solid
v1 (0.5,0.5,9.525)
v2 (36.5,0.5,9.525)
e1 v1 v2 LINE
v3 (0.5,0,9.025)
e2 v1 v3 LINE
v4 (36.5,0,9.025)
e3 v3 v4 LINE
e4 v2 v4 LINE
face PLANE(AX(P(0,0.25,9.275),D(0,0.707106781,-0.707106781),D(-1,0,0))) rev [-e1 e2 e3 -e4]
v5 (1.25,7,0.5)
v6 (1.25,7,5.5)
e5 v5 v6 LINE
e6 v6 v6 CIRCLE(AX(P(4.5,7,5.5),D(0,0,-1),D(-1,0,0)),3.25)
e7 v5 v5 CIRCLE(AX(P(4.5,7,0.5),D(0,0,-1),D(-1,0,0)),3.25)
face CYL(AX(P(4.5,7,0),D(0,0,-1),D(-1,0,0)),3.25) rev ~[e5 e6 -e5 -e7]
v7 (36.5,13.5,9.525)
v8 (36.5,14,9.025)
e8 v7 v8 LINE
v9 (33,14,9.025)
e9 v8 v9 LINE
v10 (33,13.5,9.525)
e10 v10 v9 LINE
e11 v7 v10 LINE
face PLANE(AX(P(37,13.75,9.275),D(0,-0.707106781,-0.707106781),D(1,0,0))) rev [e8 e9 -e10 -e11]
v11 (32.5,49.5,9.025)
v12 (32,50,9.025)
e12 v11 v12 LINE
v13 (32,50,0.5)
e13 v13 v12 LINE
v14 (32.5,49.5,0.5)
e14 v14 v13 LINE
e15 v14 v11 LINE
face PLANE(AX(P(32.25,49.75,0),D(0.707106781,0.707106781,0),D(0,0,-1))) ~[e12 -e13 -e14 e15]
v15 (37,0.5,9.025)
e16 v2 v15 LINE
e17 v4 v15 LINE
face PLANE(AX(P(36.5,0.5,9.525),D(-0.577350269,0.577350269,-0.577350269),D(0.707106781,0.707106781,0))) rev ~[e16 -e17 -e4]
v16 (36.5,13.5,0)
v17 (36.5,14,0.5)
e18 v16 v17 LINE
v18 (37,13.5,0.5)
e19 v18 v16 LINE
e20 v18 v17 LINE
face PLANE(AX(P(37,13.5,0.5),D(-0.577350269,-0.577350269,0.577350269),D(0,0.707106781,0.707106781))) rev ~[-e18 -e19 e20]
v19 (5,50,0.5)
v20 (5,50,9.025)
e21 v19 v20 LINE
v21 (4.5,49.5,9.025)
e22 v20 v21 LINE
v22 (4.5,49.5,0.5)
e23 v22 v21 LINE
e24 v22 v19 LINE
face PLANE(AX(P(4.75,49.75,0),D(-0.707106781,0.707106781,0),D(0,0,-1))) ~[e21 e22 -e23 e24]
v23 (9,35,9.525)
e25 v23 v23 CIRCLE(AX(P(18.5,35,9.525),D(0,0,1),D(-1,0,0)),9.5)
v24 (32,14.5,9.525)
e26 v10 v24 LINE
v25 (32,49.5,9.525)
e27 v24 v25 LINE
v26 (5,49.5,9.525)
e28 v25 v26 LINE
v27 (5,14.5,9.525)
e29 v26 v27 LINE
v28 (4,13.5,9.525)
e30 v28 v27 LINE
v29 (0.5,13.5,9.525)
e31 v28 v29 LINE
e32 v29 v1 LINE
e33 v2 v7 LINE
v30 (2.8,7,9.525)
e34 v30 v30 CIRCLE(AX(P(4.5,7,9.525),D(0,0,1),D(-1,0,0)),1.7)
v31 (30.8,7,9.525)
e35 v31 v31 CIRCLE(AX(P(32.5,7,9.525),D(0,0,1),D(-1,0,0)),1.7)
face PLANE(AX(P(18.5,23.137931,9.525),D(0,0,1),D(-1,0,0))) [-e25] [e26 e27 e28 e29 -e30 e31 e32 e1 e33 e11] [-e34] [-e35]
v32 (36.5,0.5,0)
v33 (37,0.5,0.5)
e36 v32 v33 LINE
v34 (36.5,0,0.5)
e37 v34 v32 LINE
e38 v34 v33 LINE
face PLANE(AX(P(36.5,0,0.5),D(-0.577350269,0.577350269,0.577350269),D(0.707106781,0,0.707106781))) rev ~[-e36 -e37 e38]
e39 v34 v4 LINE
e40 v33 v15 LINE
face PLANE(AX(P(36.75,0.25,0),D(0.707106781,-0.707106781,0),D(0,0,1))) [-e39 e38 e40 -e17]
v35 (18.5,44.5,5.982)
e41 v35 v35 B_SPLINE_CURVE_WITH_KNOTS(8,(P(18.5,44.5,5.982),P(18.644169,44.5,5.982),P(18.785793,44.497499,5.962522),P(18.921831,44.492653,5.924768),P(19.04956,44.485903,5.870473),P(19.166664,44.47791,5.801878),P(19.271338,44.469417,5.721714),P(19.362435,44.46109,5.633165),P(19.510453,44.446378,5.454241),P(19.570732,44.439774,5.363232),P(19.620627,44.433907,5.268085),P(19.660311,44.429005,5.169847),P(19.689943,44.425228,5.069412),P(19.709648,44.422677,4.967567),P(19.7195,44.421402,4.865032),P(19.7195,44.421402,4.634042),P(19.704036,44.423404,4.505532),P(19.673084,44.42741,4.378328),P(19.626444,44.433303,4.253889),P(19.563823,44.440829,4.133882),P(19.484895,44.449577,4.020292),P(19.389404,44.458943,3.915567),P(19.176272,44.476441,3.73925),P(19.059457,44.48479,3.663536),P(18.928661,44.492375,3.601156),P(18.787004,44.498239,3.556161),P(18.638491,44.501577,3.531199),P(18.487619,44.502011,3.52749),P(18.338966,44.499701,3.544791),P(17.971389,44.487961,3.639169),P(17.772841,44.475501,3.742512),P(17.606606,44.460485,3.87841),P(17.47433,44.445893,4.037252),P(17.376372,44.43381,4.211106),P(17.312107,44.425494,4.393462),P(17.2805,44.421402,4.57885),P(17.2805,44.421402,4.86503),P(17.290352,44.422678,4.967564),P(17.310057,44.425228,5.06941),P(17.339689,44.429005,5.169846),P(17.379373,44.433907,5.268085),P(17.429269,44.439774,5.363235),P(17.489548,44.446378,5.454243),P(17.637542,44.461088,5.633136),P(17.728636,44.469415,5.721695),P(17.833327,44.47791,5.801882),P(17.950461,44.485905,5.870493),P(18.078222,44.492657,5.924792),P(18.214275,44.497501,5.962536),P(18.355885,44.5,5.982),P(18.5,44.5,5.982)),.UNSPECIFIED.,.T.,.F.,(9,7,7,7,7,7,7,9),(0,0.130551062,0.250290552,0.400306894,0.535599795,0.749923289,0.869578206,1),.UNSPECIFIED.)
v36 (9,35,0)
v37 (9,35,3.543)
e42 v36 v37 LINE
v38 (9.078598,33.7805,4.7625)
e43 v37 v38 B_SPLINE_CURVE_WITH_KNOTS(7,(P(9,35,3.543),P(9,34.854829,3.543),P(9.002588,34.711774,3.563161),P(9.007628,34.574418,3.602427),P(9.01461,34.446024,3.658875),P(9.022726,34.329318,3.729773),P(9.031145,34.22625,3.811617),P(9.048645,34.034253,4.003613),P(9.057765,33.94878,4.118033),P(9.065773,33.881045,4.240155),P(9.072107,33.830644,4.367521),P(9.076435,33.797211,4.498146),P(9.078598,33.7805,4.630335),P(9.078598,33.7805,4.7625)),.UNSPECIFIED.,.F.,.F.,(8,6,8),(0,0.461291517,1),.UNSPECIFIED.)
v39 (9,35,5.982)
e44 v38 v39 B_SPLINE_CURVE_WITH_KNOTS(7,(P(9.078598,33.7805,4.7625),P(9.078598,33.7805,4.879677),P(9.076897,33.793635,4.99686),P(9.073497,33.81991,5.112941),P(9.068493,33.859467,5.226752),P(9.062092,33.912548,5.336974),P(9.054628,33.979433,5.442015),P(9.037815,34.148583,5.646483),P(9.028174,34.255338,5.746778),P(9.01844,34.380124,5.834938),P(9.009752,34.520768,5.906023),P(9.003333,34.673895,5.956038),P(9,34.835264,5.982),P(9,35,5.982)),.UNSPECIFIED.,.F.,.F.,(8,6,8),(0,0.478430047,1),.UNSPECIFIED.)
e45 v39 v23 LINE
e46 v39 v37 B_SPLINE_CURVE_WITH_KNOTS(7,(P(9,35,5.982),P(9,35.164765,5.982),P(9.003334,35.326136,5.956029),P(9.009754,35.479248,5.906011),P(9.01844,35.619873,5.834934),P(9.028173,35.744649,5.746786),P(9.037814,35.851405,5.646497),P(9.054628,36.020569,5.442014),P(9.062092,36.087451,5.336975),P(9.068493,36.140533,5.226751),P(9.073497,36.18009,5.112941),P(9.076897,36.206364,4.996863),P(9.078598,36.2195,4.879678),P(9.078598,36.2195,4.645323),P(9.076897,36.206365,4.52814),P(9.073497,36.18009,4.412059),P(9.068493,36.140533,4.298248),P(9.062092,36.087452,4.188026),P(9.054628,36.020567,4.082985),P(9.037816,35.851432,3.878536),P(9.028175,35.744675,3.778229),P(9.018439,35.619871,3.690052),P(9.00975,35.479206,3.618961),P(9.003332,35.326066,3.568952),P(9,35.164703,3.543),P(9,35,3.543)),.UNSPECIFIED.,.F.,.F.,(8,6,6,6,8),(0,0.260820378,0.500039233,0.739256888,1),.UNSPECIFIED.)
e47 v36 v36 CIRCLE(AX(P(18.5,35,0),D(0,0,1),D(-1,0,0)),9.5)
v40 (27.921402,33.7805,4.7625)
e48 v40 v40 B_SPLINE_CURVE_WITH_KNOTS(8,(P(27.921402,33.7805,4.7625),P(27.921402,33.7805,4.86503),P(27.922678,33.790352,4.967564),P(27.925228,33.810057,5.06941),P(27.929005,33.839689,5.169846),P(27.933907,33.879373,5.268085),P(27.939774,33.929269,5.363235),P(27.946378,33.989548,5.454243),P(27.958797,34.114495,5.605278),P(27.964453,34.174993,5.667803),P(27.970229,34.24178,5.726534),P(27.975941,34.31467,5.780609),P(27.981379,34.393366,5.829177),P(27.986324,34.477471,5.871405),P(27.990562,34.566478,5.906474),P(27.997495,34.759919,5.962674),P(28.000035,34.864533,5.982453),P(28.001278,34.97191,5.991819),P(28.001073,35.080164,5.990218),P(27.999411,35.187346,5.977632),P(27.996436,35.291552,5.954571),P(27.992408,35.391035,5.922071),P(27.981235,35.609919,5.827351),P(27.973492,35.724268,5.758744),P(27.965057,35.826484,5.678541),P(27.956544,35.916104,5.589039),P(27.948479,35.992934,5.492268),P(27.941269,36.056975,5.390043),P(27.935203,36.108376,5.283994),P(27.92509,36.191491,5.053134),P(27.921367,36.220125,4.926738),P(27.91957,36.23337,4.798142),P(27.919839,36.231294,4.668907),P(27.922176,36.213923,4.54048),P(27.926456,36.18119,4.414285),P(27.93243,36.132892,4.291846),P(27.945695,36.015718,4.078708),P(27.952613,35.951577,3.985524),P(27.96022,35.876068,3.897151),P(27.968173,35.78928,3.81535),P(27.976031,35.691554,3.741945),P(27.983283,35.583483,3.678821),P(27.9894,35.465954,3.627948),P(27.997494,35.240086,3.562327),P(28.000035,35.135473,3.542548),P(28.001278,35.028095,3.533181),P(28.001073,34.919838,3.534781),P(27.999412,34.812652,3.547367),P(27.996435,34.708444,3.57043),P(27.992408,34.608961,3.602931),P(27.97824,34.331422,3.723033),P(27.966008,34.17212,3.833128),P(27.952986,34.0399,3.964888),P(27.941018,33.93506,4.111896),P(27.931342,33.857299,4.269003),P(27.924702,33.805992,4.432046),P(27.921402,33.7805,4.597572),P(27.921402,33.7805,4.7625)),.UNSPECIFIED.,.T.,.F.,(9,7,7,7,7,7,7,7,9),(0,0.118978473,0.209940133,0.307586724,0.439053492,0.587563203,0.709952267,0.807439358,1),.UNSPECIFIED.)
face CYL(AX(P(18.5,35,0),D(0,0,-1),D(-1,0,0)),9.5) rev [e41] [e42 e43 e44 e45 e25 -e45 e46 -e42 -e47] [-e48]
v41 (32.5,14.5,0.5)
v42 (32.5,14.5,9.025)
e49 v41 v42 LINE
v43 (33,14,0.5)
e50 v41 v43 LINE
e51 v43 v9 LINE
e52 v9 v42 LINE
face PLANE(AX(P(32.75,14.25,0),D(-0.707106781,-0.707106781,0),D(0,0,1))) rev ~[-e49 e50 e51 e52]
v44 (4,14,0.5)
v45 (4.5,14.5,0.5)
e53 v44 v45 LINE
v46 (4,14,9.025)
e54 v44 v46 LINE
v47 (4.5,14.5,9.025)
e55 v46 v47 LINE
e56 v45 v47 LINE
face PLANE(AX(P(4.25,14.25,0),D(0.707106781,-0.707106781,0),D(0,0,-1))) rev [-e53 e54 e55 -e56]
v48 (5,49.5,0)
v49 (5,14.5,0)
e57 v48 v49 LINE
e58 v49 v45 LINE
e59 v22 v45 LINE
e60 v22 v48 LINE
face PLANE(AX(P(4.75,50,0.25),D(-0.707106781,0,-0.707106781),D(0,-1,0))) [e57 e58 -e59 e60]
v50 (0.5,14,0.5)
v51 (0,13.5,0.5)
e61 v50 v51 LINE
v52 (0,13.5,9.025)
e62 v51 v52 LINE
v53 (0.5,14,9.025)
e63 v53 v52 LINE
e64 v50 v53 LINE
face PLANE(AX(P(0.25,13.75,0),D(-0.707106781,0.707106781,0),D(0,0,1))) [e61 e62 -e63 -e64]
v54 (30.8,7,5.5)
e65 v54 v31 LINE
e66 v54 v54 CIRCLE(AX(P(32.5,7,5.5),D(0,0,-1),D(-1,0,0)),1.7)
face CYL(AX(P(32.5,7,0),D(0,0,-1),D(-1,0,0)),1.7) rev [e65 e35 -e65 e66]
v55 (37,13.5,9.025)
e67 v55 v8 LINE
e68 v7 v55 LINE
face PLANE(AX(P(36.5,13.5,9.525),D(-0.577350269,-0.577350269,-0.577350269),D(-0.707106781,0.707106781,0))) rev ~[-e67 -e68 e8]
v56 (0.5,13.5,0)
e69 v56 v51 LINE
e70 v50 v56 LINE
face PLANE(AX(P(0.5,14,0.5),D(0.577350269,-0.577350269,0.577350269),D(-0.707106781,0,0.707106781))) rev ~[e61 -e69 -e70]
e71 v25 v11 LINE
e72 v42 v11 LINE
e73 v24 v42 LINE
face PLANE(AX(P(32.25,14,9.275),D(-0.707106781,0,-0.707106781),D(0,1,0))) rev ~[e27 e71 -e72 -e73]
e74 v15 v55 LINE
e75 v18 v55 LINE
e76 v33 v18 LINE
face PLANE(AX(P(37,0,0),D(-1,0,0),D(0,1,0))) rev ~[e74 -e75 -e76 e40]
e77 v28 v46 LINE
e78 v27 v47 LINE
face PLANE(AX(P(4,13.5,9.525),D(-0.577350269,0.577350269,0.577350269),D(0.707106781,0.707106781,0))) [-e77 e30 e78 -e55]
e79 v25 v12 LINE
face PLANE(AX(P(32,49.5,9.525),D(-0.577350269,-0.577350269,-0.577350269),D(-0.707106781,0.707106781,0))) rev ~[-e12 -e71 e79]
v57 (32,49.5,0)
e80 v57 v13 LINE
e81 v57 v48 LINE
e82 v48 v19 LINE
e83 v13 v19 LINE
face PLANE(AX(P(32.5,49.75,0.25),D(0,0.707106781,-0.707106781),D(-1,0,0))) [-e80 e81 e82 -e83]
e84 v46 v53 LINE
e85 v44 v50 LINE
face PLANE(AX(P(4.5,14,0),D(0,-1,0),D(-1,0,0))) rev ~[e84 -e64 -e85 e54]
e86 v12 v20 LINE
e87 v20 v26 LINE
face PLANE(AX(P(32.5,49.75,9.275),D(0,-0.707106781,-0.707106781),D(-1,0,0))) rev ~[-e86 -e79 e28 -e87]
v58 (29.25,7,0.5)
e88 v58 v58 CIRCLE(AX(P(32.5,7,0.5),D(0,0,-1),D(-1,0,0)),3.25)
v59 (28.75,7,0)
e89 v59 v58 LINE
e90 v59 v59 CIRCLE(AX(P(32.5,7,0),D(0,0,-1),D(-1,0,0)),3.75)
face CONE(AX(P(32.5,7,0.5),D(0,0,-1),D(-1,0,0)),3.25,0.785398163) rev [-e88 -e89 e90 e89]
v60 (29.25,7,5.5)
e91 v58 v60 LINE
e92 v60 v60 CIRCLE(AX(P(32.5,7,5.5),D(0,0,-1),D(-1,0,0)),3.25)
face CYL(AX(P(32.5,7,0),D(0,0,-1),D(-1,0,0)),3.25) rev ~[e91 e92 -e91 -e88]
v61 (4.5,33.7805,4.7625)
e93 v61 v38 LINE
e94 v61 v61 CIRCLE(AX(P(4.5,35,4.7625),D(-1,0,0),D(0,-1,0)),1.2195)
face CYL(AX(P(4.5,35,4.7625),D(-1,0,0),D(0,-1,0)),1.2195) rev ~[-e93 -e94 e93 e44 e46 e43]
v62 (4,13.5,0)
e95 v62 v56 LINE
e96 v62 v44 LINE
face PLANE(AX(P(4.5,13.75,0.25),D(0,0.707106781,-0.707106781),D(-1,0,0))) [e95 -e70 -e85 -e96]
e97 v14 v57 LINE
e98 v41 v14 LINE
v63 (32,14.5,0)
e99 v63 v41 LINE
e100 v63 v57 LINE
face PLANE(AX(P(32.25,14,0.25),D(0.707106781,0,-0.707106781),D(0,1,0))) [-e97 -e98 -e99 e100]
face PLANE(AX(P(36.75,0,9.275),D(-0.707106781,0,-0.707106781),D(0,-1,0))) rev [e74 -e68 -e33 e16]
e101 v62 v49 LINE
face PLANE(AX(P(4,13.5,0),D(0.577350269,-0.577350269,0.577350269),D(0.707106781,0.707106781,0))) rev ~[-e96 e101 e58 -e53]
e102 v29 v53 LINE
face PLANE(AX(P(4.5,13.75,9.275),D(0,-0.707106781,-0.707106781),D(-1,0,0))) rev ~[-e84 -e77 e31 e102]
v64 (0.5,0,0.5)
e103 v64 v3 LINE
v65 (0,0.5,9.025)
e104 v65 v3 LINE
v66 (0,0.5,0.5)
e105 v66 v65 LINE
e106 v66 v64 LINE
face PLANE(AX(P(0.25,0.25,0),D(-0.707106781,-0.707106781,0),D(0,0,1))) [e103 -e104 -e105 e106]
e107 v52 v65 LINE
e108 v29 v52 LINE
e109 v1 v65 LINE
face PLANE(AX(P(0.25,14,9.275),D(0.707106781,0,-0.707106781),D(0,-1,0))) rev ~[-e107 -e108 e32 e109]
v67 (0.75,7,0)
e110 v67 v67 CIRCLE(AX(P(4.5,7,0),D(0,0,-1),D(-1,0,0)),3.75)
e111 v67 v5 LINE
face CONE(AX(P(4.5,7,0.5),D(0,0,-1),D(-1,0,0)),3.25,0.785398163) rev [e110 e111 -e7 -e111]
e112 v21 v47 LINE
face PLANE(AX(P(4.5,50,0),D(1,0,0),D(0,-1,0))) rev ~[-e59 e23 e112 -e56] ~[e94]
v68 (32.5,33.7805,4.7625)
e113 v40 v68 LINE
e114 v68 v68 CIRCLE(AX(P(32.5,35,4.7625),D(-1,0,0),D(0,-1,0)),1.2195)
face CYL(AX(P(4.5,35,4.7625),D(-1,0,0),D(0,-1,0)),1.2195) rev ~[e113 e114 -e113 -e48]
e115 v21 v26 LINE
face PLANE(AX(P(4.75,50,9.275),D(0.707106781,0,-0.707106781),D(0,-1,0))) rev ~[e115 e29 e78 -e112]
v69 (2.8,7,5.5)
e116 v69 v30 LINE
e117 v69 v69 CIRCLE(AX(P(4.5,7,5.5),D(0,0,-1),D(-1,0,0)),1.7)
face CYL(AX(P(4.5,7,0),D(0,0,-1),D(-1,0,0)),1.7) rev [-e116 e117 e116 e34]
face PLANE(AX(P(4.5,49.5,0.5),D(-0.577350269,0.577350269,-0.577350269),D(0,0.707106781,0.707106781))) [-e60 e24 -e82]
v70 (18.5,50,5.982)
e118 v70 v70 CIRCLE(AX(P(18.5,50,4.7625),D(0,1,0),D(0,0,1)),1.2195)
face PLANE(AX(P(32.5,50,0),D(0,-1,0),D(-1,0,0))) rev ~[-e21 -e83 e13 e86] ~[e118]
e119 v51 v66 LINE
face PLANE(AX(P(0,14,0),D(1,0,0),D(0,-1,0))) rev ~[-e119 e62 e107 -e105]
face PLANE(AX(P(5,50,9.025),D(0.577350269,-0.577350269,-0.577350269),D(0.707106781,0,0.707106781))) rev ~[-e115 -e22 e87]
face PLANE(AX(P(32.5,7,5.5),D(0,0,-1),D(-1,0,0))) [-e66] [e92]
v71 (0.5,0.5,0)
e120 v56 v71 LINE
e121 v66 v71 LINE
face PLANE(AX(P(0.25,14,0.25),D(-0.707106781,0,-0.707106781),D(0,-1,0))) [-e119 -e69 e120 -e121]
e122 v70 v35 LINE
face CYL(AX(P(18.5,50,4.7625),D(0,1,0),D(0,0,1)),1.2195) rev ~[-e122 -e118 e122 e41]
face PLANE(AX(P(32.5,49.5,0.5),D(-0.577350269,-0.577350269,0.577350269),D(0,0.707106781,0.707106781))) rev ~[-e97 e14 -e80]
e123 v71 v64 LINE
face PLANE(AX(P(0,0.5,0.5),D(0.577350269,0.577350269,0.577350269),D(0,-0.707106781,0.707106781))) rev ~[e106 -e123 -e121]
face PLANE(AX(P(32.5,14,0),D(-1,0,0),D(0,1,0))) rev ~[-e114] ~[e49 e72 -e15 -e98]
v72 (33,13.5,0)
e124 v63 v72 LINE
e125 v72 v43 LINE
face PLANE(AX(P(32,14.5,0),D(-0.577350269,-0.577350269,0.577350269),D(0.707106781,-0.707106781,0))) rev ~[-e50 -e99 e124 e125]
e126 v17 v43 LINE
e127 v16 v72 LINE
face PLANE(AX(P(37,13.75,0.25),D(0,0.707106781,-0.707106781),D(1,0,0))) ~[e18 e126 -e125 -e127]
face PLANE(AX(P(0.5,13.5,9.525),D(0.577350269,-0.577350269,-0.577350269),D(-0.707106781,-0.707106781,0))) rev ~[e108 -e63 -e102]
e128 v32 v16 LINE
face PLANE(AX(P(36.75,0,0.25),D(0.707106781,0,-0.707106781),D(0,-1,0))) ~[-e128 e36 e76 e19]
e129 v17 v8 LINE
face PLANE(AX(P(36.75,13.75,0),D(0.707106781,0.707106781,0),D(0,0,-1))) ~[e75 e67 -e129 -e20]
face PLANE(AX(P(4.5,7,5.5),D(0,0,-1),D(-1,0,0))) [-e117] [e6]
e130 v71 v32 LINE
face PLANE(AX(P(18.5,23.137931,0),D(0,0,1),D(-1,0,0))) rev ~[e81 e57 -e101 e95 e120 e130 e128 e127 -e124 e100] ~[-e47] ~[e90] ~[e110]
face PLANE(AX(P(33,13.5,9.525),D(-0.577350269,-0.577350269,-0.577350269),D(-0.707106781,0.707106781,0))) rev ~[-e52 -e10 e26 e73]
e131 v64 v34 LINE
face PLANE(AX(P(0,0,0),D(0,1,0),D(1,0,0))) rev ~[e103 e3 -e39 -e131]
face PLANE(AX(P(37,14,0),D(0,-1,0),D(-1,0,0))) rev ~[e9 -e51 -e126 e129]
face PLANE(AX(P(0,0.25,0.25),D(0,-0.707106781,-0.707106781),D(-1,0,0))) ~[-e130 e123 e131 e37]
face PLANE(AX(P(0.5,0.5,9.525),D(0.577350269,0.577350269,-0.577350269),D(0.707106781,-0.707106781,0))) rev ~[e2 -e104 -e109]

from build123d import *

# Parameters (mm, degrees)
SKETCH1_R               = 9.5
SKETCH1_R_2             = 1.7
BOSS_EXTRUDE1_DEPTH     = 9.525
SKETCH2_R               = 3.25
CUT_EXTRUDE1_DEPTH      = 5.5
SKETCH3_R               = 1.2195
CUT_EXTRUDE2_DEPTH      = 61.390194775
CUT_EXTRUDE3_REACH      = 64.926
CUT_EXTRUDE3_END_RADIUS = 9.5
SKETCH4_R               = 1.2195
CHAMFER1_SIZE           = 0.5


with BuildPart() as part:
    # Sketch1 → Boss-Extrude1 (new body)
    with BuildSketch(Plane(origin=(0, 0, 0), x_dir=(-1, 0, 0), z_dir=(0, 0, 1))):
        Polygon((-37, 0), (-37, -14), (-32.5, -14), (-32.5, -50), (-4.5, -50), (-4.5, -14), (0, -14), (0, 0), align=None)
        with Locations((-18.5, -35)):
            Circle(SKETCH1_R, mode=Mode.SUBTRACT)
        with Locations((-32.5, -7)):
            Circle(SKETCH1_R_2, mode=Mode.SUBTRACT)
        with Locations((-4.5, -7)):
            Circle(SKETCH1_R_2, mode=Mode.SUBTRACT)
    extrude(amount=BOSS_EXTRUDE1_DEPTH)

    # Sketch2 → Cut-Extrude1 (cut)
    with BuildSketch(Plane(origin=(0, 0, 0), x_dir=(-1, 0, 0), z_dir=(0, 0, -1))):
        with Locations((-32.5, 7)):
            Circle(SKETCH2_R)
        with Locations((-4.5, 7)):
            Circle(SKETCH2_R)
    extrude(amount=-CUT_EXTRUDE1_DEPTH, mode=Mode.SUBTRACT)

    # Sketch3 → Cut-Extrude2 (cut, through all)
    with BuildSketch(Plane.ZY.offset(-4.5)):
        with Locations(Location((4.7625, 35, 0), (0, 0, 270))):
            Circle(SKETCH3_R)
    extrude(amount=-CUT_EXTRUDE2_DEPTH, mode=Mode.SUBTRACT)

    # Cut-Extrude3: up to this cylinder (the profile starts outside it)
    cut_extrude3_end = Plane(origin=(18.5, 35, 4.7625), z_dir=(0, 0, -1)) * Cylinder(CUT_EXTRUDE3_END_RADIUS, 149.852, mode=Mode.PRIVATE)
    # Sketch4 → Cut-Extrude3 (cut, up to the surface)
    with BuildSketch(Plane(origin=(0, 50, 0), x_dir=(1, 0, 0), z_dir=(0, 1, 0)), mode=Mode.PRIVATE) as cut_extrude3_sk1:
        with Locations(Location((18.5, -4.7625, 0), (0, 0, 270))):
            Circle(SKETCH4_R)
    cut_extrude3_tool1 = extrude(cut_extrude3_sk1.sketch, amount=-CUT_EXTRUDE3_REACH, mode=Mode.PRIVATE) - cut_extrude3_end
    add(cut_extrude3_tool1.solids().sort_by_distance((18.5, 50, 4.7625))[0], mode=Mode.SUBTRACT)

    # Chamfer1
    chamfer1_edges = [part.edges().sort_by_distance(p)[0] for p in [
        (18.5, 50, 0),
        (32.5, 32, 0),
        (34.75, 14, 0),
        (37, 7, 0),
        (18.5, 0, 0),
        (0, 7, 0),
        (2.25, 14, 0),
        (4.5, 32, 0),
        (4.5, 32, 9.525),
        (4.5, 50, 4.7625),
        (32.5, 50, 4.7625),
        (32.5, 14, 4.7625),
        (37, 14, 4.7625),
        (37, 0, 4.7625),
        (0, 0, 4.7625),
        (0, 14, 4.7625),
        (4.5, 14, 4.7625),
        (2.25, 14, 9.525),
        (0, 7, 9.525),
        (18.5, 0, 9.525),
        (37, 7, 9.525),
        (35.75, 7, 0),
        (34.75, 14, 9.525),
        (7.75, 7, 0),
        (32.5, 32, 9.525),
        (18.5, 50, 9.525),
    ]]
    chamfer(chamfer1_edges, length=CHAMFER1_SIZE)


solid = part.part
